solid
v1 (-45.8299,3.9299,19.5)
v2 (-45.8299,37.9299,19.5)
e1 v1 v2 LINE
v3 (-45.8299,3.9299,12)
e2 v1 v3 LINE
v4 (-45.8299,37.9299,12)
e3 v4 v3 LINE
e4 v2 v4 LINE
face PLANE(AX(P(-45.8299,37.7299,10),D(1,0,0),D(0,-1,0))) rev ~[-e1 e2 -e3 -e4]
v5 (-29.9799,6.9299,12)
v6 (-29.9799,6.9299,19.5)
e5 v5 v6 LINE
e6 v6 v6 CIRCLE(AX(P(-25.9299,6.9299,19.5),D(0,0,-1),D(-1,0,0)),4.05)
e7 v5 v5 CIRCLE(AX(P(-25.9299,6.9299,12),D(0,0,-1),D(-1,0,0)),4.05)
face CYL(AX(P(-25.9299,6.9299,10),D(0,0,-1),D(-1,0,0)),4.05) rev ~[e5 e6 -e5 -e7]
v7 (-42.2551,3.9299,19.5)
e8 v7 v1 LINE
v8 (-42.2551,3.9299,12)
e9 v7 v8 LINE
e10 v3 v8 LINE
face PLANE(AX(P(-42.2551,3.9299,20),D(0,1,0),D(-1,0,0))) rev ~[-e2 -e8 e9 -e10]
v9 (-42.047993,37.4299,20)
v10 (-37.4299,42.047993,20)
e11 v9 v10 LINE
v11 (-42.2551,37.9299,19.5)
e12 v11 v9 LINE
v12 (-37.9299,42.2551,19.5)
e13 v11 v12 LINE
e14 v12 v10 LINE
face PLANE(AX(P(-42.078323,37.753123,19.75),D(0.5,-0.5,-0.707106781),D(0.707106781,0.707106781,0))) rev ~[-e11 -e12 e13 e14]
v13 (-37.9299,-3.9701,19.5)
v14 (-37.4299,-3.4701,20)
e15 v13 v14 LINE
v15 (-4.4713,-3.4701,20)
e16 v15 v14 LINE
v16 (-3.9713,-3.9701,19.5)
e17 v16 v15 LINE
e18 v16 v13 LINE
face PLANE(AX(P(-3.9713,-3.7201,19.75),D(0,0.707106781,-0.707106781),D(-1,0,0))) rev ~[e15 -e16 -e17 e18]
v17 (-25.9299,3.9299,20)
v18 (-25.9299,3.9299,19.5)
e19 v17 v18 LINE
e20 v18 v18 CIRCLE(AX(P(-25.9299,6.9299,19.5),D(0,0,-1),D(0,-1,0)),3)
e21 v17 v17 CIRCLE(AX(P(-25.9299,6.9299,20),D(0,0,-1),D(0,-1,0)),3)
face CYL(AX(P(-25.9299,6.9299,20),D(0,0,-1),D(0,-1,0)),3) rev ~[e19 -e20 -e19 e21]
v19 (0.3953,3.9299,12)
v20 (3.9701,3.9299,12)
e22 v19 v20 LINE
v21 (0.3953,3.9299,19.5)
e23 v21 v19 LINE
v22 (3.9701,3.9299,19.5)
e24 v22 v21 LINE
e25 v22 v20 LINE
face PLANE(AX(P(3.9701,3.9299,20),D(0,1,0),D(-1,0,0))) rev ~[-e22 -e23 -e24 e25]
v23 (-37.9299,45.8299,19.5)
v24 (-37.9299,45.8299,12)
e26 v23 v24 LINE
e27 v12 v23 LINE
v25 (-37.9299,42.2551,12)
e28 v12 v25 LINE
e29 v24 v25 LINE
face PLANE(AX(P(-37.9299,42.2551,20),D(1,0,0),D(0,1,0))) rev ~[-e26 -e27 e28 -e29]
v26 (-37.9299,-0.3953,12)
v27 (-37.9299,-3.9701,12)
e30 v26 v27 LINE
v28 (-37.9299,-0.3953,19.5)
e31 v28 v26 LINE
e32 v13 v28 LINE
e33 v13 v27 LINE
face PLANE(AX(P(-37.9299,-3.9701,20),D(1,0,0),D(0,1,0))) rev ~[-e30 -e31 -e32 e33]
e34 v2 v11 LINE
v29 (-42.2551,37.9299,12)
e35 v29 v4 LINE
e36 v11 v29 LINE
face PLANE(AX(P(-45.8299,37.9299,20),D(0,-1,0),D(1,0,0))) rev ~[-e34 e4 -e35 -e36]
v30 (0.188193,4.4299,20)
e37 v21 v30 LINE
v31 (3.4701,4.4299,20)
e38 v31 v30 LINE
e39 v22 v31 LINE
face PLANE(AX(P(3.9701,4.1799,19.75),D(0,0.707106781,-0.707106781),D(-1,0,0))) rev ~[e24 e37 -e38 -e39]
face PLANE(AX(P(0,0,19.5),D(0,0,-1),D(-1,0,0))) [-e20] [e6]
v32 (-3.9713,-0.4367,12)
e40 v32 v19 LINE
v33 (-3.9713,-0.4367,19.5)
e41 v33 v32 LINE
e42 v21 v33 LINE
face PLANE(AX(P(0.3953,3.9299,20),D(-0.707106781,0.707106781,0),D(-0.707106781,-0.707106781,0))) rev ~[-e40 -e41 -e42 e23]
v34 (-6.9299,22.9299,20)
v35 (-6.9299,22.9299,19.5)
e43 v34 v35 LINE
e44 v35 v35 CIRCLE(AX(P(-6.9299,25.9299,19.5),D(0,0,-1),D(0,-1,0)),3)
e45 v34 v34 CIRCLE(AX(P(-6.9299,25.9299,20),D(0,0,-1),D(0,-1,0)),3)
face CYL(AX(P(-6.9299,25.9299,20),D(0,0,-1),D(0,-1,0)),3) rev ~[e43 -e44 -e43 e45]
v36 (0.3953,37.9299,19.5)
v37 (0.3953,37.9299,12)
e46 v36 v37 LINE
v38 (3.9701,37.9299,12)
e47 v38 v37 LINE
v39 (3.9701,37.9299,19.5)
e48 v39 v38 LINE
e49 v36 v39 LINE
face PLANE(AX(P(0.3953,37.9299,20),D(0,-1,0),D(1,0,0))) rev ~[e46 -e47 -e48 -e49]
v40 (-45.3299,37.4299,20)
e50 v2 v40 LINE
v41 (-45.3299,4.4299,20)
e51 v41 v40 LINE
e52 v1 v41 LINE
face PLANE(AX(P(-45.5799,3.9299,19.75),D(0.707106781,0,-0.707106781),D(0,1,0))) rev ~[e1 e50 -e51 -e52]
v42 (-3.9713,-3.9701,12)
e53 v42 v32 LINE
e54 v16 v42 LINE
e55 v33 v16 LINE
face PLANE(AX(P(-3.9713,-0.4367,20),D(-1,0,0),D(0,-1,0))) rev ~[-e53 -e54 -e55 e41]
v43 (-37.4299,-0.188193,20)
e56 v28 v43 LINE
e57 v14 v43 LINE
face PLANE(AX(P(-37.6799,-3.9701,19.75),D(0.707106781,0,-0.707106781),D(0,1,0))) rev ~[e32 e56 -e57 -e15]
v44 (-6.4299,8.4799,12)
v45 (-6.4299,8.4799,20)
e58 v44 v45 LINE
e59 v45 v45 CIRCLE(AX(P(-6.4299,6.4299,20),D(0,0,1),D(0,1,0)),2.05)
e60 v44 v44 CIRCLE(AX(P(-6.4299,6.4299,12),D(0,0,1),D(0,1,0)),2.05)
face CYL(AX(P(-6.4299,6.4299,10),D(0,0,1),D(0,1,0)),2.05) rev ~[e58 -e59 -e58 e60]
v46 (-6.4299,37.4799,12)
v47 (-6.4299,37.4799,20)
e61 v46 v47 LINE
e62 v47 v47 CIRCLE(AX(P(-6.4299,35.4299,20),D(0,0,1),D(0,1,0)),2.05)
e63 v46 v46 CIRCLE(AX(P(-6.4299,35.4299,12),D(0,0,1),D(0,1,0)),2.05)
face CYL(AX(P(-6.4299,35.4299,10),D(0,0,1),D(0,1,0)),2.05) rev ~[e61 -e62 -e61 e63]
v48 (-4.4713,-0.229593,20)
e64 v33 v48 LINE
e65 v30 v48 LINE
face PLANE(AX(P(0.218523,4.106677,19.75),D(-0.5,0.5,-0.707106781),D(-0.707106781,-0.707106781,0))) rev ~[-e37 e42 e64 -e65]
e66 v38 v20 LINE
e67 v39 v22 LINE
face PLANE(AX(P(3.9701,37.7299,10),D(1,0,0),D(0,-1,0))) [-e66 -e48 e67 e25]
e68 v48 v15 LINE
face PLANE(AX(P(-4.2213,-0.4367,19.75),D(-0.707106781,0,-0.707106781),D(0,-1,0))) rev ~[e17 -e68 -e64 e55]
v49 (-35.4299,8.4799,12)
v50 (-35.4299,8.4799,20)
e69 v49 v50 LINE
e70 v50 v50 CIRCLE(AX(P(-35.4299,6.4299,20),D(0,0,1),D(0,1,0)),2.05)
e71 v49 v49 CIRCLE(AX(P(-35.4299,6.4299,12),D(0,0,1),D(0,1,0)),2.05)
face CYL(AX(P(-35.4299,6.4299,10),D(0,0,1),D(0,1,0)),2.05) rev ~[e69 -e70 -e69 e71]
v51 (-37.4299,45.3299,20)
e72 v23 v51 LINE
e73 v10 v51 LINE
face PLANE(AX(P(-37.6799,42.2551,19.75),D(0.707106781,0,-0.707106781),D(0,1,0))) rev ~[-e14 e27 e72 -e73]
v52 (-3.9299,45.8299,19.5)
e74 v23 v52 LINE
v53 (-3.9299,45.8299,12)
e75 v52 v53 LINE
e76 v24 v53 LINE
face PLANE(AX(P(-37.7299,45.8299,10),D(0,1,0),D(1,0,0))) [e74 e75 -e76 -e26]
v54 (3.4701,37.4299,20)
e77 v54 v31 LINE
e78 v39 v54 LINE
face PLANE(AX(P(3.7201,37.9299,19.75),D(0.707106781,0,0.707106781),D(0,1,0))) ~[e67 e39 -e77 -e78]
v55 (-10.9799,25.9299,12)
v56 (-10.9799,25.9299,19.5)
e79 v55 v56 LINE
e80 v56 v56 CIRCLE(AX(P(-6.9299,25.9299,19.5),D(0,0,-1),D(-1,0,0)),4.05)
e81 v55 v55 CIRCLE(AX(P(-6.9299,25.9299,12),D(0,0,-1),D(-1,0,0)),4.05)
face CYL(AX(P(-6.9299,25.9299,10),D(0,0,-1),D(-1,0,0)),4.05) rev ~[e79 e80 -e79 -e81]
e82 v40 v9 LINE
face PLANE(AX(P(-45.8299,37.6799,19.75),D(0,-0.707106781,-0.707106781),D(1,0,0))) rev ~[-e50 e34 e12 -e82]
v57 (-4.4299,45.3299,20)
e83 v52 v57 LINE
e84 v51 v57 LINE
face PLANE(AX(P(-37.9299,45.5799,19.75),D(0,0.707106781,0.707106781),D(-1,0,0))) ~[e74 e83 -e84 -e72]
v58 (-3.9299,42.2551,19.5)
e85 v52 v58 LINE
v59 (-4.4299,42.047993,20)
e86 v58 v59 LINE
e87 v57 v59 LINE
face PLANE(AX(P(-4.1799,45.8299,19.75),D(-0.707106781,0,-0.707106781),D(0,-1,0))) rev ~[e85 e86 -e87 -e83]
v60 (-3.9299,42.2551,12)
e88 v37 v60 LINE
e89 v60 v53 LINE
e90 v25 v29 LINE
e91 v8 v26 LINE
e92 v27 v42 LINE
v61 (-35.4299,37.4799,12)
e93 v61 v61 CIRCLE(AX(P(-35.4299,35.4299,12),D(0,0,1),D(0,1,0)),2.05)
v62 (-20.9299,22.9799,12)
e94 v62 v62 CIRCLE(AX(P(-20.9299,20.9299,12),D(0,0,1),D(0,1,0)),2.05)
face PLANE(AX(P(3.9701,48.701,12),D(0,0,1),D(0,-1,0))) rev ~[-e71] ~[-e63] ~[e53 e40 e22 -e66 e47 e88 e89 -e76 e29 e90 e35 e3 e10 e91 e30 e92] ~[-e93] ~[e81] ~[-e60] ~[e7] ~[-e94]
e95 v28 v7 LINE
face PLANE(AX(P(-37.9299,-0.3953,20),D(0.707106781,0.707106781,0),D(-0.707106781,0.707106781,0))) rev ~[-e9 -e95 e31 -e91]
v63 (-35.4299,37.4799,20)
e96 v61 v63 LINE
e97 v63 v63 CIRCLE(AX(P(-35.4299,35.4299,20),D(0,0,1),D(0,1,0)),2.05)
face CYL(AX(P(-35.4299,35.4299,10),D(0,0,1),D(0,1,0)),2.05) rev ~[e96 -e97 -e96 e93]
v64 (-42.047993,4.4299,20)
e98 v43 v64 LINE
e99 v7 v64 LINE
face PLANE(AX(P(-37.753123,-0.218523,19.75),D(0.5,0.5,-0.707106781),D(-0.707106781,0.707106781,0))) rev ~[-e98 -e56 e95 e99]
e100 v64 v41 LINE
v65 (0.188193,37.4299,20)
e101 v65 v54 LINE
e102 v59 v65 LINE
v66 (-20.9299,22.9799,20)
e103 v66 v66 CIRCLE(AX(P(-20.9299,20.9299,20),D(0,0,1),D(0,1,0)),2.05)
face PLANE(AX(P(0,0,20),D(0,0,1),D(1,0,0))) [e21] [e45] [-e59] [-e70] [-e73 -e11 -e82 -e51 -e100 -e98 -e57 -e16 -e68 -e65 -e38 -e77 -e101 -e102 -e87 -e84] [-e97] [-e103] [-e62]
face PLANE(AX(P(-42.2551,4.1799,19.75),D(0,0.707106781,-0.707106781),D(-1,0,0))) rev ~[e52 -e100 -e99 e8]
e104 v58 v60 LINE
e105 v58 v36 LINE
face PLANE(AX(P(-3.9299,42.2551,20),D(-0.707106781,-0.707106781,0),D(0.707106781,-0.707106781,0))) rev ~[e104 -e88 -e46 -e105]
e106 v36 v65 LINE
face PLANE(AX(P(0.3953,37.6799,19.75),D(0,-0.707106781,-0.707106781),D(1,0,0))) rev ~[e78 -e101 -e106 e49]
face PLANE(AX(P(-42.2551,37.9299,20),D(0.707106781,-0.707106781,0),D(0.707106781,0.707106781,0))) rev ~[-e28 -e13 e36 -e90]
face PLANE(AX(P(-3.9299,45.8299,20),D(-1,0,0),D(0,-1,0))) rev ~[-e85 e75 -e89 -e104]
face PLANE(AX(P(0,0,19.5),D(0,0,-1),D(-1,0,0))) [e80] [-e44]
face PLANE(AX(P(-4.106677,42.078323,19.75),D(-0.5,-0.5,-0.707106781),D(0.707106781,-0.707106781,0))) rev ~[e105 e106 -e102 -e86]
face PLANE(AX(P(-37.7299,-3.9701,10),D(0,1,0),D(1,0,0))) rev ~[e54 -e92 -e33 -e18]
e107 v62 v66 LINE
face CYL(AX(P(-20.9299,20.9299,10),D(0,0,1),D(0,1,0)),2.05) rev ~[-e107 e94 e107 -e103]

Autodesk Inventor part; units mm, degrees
ref_plane "YZ Plane" through (0, 0, 0) normal (1, 0, 0) x (0, 1, 0)
ref_plane "XZ Plane" through (0, 0, 0) normal (0, 1, 0) x (-1, 0, 0)
ref_plane "Work Plane1" through (0, 0, 10) normal (0, 0, 1) x (1, 0, 0)
sketch "Sketch1" plane through (0, 0, 10) normal (0, 0, 1) x (1, 0, 0)
  line L0 (-4.0299, -0.3538) -> (-2.2322, 1.4439) construction
  arc A0 (-1.4439, 2.2322) -> (-2.2322, 1.4439) centre (-0.9299, 0.9299) ccw construction
  line L1 (-1.4439, 2.2322) -> (0.3538, 4.0299) construction
  line L2 (-37.8299, 42.8299) -> (-37.8299, 37.8299) construction
  line L3 (-37.8299, 37.8299) -> (-42.9208, 37.8299) construction
  line L4 (-37.8299, 42.2137) -> (-37.8299, 45.8299) construction
  line L5 (-37.8299, 45.8299) -> (-4.0299, 45.8299) construction
  line L6 (-4.0299, 45.8299) -> (-4.0299, 42.2137) construction
  line L7 (-4.0299, 4.0299) -> (0.3538, 4.0299) projected
  circle A1 centre (-20.9299, 20.9299) radius 17.5 projected
  line L8 (-20.9299, 58.9723) -> (17.1124, 20.9299) construction
  line L9 (17.1124, 20.9299) -> (-20.9299, -17.1124) construction
  line L10 (-20.9299, -17.1124) -> (-58.9723, 20.9299) construction
  line L11 (-58.9723, 20.9299) -> (-20.9299, 58.9723) construction
  line L12 (-20.9299, 58.9723) -> (-20.9299, -17.1124) construction
  line L13 (17.1124, 20.9299) -> (-58.9723, 20.9299) construction
  line L14 (-20.9299, 58.9723) -> (32.8701, 58.9723) construction
  line L15 (-43.4299, 43.4299) -> (1.5701, 43.4299) construction
  line L16 (1.5701, 43.4299) -> (1.5701, -1.5701) construction
  line L17 (1.5701, -1.5701) -> (-43.4299, -1.5701) construction
  line L18 (-43.4299, -1.5701) -> (-43.4299, 43.4299) construction
  line L19 (-43.4299, 43.4299) -> (1.5701, -1.5701) construction
  line L20 (1.5701, 43.4299) -> (-43.4299, -1.5701) construction
  line L21 (-43.4299, 5.3876) -> (-43.4299, 36.4723)
  line L22 (-43.4299, 36.4723) -> (-36.4723, 43.4299)
  line L23 (-36.4723, 43.4299) -> (-5.3876, 43.4299)
  line L24 (-5.3876, 43.4299) -> (1.5701, 36.4723)
  line L25 (1.5701, 36.4723) -> (1.5701, 5.3876)
  line L26 (1.5701, 5.3876) -> (-5.3876, -1.5701)
  line L27 (-5.3876, -1.5701) -> (-36.4723, -1.5701)
  line L28 (-36.4723, -1.5701) -> (-43.4299, 5.3876)
  line L29 (-4.0299, 42.2137) -> (-37.8299, 42.2137) projected
  line L30 (-4.0299, -0.3538) -> (-4.0299, 4.0299) projected
  circle A2 centre (-20.9299, 20.9299) radius 1.5
  line L31 (-10.9299, 10.9299) -> (-30.9299, 10.9299) construction
  line L32 (-30.9299, 10.9299) -> (-30.9299, 30.9299) construction
  line L33 (-30.9299, 30.9299) -> (-10.9299, 30.9299) construction
  line L34 (-10.9299, 30.9299) -> (-10.9299, 10.9299) construction
  line L35 (-10.9299, 10.9299) -> (-30.9299, 30.9299) construction
  line L36 (-30.9299, 10.9299) -> (-10.9299, 30.9299) construction
  circle A3 centre (-30.9299, 30.9299) radius 1.4
  circle A4 centre (-30.9299, 10.9299) radius 1.4
  circle A5 centre (-10.9299, 10.9299) radius 1.4
  line L37 (-45.8299, 37.8299) -> (-42.0723, 37.8299) construction
  line L38 (-42.1723, 37.7299) -> (-45.8299, 37.7299)
  line L39 (-45.8299, 37.7299) -> (-45.8299, 4.1299)
  line L40 (-45.8299, 4.1299) -> (-42.1723, 4.1299)
  line L41 (-42.1723, 4.1299) -> (-42.1723, 37.7299)
  line L42 (-45.8299, 4.0299) -> (-42.0723, 4.0299) construction
  line L43 (-45.8299, 37.8299) -> (-42.0723, 37.8299) projected
  line L44 (-37.7299, 45.8299) -> (-4.1299, 45.8299)
  line L45 (-4.1299, 45.8299) -> (-4.1299, 42.1723)
  line L46 (-4.1299, 42.1723) -> (-37.7299, 42.1723)
  line L47 (-37.7299, 42.1723) -> (-37.7299, 45.8299)
  line L48 (0.4701, 37.8299) -> (0.4701, 4.0299) construction
  line L49 (0.4701, 4.0299) -> (3.9701, 4.0299) construction
  line L50 (3.9701, 37.8299) -> (3.9701, 4.0299) construction
  line L51 (0.4701, 37.8299) -> (3.9701, 37.8299) construction
  line L52 (-45.8299, -3.9701) -> (-4.0299, -3.9701) construction
  line L53 (0.3124, 37.7299) -> (3.9701, 37.7299)
  line L54 (3.9701, 37.7299) -> (3.9701, 4.1299)
  line L55 (3.9701, 4.1299) -> (0.3124, 4.1299)
  line L56 (0.3124, 4.1299) -> (0.3124, 37.7299)
  line L57 (-4.1713, -0.3538) -> (-37.7299, -0.3538)
  line L58 (-37.7299, -0.3538) -> (-37.7299, -3.9701)
  line L59 (-37.7299, -3.9701) -> (-4.1713, -3.9701)
  line L60 (-4.1713, -3.9701) -> (-4.1713, -0.3538)
  point P0 (-37.8299, 4.0299)
  dimension "d18" = 53.8
  dimension "d19" = 45
  dimension "d20" = 53.8
  dimension "d21" = 45
  dimension "d22" = 45
  dimension "d30" = 20
  dimension "d31" = 20
  dimension "d32" = 2.8
  dimension "d33" = 2.8
  dimension "d34" = 2.8
  dimension "d35" = 3
  dimension "d36" = 0.1
  dimension "d37" = 0.1
  dimension "d38" = 0.1
  dimension "d39" = 0.1
extrude "Extrusion1" add sketch "Sketch1" along normal blind 10 contours L30 L26 L57 L28 L41 L22 L46 L24 L56 L7 | L7 L26 L30 | L56 L24 L25 L26 | L26 L25 L24 L53 L54 L55 | L60 L59 L58 L57 L28 L27 L26 | L26 L27 L28 L57 | L46 L22 L29 L24 | L24 L29 L45 | L40 L39 L38 L22 L21 L28 | L28 L21 L22 L41 | L29 L22 L23 L24 | L24 L23 L22 L29 L47 L44 L45 | L47 L29 L22 | A1 | A2 | A3 | A4 | A5
sketch "Skizze4" plane through (0, 0, 20) normal (0, 0, 1) x (1, 0, 0)
  line L0 (-37.7299, 42.1723) -> (-42.1723, 37.7299) projected
  line L1 (-42.1723, 37.7299) -> (-45.8299, 37.7299) projected
  line L2 (-45.8299, 37.7299) -> (-45.8299, 4.1299) construction
  line L3 (-45.8299, 4.1299) -> (-42.1723, 4.1299) projected
  line L4 (-42.1723, 4.1299) -> (-37.6885, -0.3538) projected
  line L5 (-37.6885, -0.3538) -> (-37.7299, -0.3538) projected
  line L6 (-37.7299, -0.3538) -> (-37.7299, -3.9701) projected
  line L7 (-37.7299, -3.9701) -> (-4.1713, -3.9701) construction
  line L8 (-4.1713, -3.9701) -> (-4.1713, -0.3538) projected
  line L9 (-4.1713, -0.3538) -> (0.3124, 4.1299) projected
  line L10 (0.3124, 4.1299) -> (3.9701, 4.1299) projected
  line L11 (3.9701, 4.1299) -> (3.9701, 37.7299) construction
  line L12 (3.9701, 37.7299) -> (0.3124, 37.7299) projected
  line L13 (0.3124, 37.7299) -> (-4.1299, 42.1723) projected
  line L14 (-4.1299, 42.1723) -> (-4.1299, 45.8299) projected
  line L15 (-4.1299, 45.8299) -> (-37.7299, 45.8299) construction
  line L16 (-37.7299, 45.8299) -> (-37.7299, 42.1723) projected
  line L17 (-37.9299, 46.0299) -> (-3.9299, 46.0299) construction
  line L18 (-3.9299, 46.0299) -> (-3.9299, 42.2551)
  line L19 (-3.9299, 42.2551) -> (0.3953, 37.9299)
  line L20 (0.3953, 37.9299) -> (4.1701, 37.9299)
  line L21 (4.1701, 37.9299) -> (4.1701, 3.9299) construction
  line L22 (4.1701, 3.9299) -> (0.3953, 3.9299)
  line L23 (0.3953, 3.9299) -> (-3.9713, -0.4367)
  line L24 (-3.9713, -0.4367) -> (-3.9713, -4.1701)
  line L25 (-3.9713, -4.1701) -> (-37.9299, -4.1701) construction
  line L26 (-37.9299, -4.1701) -> (-37.9299, -0.3953)
  line L27 (-37.9299, -0.3953) -> (-42.2551, 3.9299)
  line L28 (-42.2551, 3.9299) -> (-46.0299, 3.9299)
  line L29 (-46.0299, 3.9299) -> (-46.0299, 37.9299) construction
  line L30 (-46.0299, 37.9299) -> (-42.2551, 37.9299)
  line L31 (-42.2551, 37.9299) -> (-37.9299, 42.2551)
  line L32 (-37.9299, 42.2551) -> (-37.9299, 46.0299)
  line L33 (-45.8299, 37.7299) -> (-45.8299, 37.9299)
  line L34 (-4.1299, 45.8299) -> (-37.7299, 45.8299) projected
  line L35 (-37.7299, 45.8299) -> (-37.9299, 45.8299)
  line L36 (-4.1299, 45.8299) -> (-3.9299, 45.8299)
  line L37 (3.9701, 37.7299) -> (3.9701, 37.9299)
  line L38 (3.9701, 4.1299) -> (3.9701, 37.7299) projected
  line L39 (3.9701, 4.1299) -> (3.9701, 3.9299)
  line L40 (-4.1713, -3.9701) -> (-3.9713, -3.9701)
  line L41 (-37.7299, -3.9701) -> (-37.9299, -3.9701)
  line L42 (-45.8299, 4.1299) -> (-45.8299, 3.9299)
  point P0 (0, 0)
  dimension "d40" = 0.2
extrude "IM_offset" add sketch "Skizze4" against normal up to surface (10 mm away)
ref_plane "Work Plane5" through (-37.9299, 20.9299, 10) normal (0, -1, 0) x (1, 0, 0)
ref_plane "Work Plane6" through (-20.9299, 3.9299, 10) normal (1, 0, 0) x (0, 0, -1)
sketch "Sketch24" plane through (0, 0, 10) normal (0, 0, -1) x (-1, 0, 0)
  line L0 (6.4299, 6.4299) -> (35.4299, 6.4299) construction
  line L1 (35.4299, 6.4299) -> (35.4299, 35.4299) construction
  line L2 (35.4299, 35.4299) -> (6.4299, 35.4299) construction
  line L3 (6.4299, 35.4299) -> (6.4299, 6.4299) construction
  line L4 (6.4299, 6.4299) -> (35.4299, 35.4299) construction
  line L5 (35.4299, 6.4299) -> (6.4299, 35.4299) construction
  point P0 (0, 0)
  point P1 (20.9299, 20.9299)
  dimension "d143" = 29
  dimension "d144" = 29
hole "Hole1" at (-20.9299, 20.9299, 10) at (-6.4299, 6.4299, 10) at (-35.4299, 6.4299, 10) at (-35.4299, 35.4299, 10) at (-6.4299, 35.4299, 10) direction (0, 0, 1) diameter 4.1 end through all
sketch "Skizze28" plane through (0, 0, 10) normal (0, 0, -1) x (-1, 0, 0)
  circle A0 centre (25.9299, 6.9299) radius 3 projected
  circle A1 centre (6.9299, 25.9299) radius 3 projected
  line L0 (9.9299, 4.9299) -> (1.9299, 4.9299) projected
  line L1 (4.9299, 1.9299) -> (1.9299, 4.9299) projected
  line L2 (36.9299, 1.9299) -> (4.9299, 1.9299) projected
  line L3 (39.9299, 4.9299) -> (36.9299, 1.9299) projected
  line L4 (39.9299, 36.9299) -> (39.9299, 4.9299) projected
  line L5 (36.9299, 39.9299) -> (39.9299, 36.9299) projected
  line L6 (4.9299, 39.9299) -> (36.9299, 39.9299) projected
  line L7 (1.9299, 36.9299) -> (4.9299, 39.9299) projected
  line L8 (1.9299, 8.9299) -> (1.9299, 36.9299) projected
  line L9 (1.9299, 8.9299) -> (9.9299, 8.9299) projected
  line L10 (9.9299, 8.9299) -> (9.9299, 4.9299) projected
  circle A2 centre (34.9299, 6.9299) radius 2 projected
  circle A3 centre (6.9299, 25.9299) radius 4.05
  circle A4 centre (25.9299, 6.9299) radius 4.05
  point P0 (0, 0)
  dimension "d173" = 8.1
  dimension "d174" = 8.1
extrude "Extrusion23" cut sketch "Skizze28" against normal blind 9.5 contours A0 | A1 | A3 | A4
chamfer "Fase2" distance 0.5 angle 45 27 edges at (-2.8799, 25.9299, 10) (-35.4299, 4.3799, 10) (-6.4299, 4.3799, 10) (-20.9299, 18.8799, 10) (-35.4299, 33.3799, 10) (-6.4299, 33.3799, 10) (-21.8799, 6.9299, 10) (-45.8299, 20.9299, 10) (-20.9506, -3.9701, 10) (3.9701, 20.9299, 20) (3.9701, 20.9299, 10) (-20.9299, 45.8299, 10) (-44.0425, 37.9299, 20) (-40.0925, 40.0925, 20) (-37.9299, 44.0425, 20) (-20.9299, 45.8299, 20) (-45.8299, 20.9299, 20) (-44.0425, 3.9299, 20) (-20.9506, -3.9701, 20) (-37.9299, -2.1827, 20) (-40.0925, 1.7673, 20) (-3.9713, -2.2034, 20) (-1.788, 1.7466, 20) (2.1827, 3.9299, 20) (2.1827, 37.9299, 20) (-1.7673, 40.0925, 20) (-3.9299, 44.0425, 20)
sketch "Skizze29" plane through (0, 0, 20) normal (0, 0, 1) x (1, 0, 0)
  circle A0 centre (-35.4299, 6.4299) radius 2.55 projected
  circle A1 centre (-25.9299, 6.9299) radius 4.55 projected
  circle A2 centre (-20.9299, 20.9299) radius 2.55 projected
  circle A3 centre (-6.9299, 25.9299) radius 4.55 projected
  circle A4 centre (-6.4299, 35.4299) radius 2.55 projected
  circle A5 centre (-6.4299, 6.4299) radius 2.55 projected
  circle A6 centre (-35.4299, 35.4299) radius 2.55 projected
  line L0 (3.4701, 4.4299) -> (3.4701, 37.4299) projected
  line L1 (0.1882, 4.4299) -> (3.4701, 4.4299) projected
  line L2 (-4.4713, -0.2296) -> (0.1882, 4.4299) projected
  line L3 (-4.4713, -3.4701) -> (-4.4713, -0.2296) projected
  line L4 (-37.4299, -3.4701) -> (-4.4713, -3.4701) projected
  line L5 (-37.4299, -0.1882) -> (-37.4299, -3.4701) projected
  line L6 (-42.048, 4.4299) -> (-37.4299, -0.1882) projected
  line L7 (-45.3299, 4.4299) -> (-42.048, 4.4299) projected
  line L8 (-45.3299, 37.4299) -> (-45.3299, 4.4299) projected
  line L9 (-42.048, 37.4299) -> (-45.3299, 37.4299) projected
  line L10 (-37.4299, 42.048) -> (-42.048, 37.4299) projected
  line L11 (-37.4299, 45.3299) -> (-37.4299, 42.048) projected
  line L12 (-4.4299, 45.3299) -> (-37.4299, 45.3299) projected
  line L13 (-4.4299, 42.048) -> (-4.4299, 45.3299) projected
  line L14 (0.1882, 37.4299) -> (-4.4299, 42.048) projected
  line L15 (3.4701, 37.4299) -> (0.1882, 37.4299) projected
  point P0 (0, 0)
hole "Bohrung2" at (-6.9299, 25.9299, 20) at (-25.9299, 6.9299, 20) direction (0, 0, -1) diameter 6 end through all
sketch "Sketch30" plane through (3.9701, 3.9299, 19.5) normal (1, 0, 0) x (0, 0, -1)
  line L0 (9.5, 44.7711) -> (7.5, 44.7711)
  line L1 (7.5, 44.7711) -> (7.5, -17.5234)
  line L2 (7.5, -17.5234) -> (9.5, -17.5234)
  line L3 (9.5, -17.5234) -> (9.5, 44.7711)
  line L4 (9.5, 0.5) -> (9.5, 33.5) projected
  point P0 (19.5, -3.9299)
  dimension "d187" = 2
extrude "Extrusion24" cut sketch "Sketch30" against normal through all
properties part number "20_Cube_Insert_Kinematic_Mirror_90_pro_magnetic"
